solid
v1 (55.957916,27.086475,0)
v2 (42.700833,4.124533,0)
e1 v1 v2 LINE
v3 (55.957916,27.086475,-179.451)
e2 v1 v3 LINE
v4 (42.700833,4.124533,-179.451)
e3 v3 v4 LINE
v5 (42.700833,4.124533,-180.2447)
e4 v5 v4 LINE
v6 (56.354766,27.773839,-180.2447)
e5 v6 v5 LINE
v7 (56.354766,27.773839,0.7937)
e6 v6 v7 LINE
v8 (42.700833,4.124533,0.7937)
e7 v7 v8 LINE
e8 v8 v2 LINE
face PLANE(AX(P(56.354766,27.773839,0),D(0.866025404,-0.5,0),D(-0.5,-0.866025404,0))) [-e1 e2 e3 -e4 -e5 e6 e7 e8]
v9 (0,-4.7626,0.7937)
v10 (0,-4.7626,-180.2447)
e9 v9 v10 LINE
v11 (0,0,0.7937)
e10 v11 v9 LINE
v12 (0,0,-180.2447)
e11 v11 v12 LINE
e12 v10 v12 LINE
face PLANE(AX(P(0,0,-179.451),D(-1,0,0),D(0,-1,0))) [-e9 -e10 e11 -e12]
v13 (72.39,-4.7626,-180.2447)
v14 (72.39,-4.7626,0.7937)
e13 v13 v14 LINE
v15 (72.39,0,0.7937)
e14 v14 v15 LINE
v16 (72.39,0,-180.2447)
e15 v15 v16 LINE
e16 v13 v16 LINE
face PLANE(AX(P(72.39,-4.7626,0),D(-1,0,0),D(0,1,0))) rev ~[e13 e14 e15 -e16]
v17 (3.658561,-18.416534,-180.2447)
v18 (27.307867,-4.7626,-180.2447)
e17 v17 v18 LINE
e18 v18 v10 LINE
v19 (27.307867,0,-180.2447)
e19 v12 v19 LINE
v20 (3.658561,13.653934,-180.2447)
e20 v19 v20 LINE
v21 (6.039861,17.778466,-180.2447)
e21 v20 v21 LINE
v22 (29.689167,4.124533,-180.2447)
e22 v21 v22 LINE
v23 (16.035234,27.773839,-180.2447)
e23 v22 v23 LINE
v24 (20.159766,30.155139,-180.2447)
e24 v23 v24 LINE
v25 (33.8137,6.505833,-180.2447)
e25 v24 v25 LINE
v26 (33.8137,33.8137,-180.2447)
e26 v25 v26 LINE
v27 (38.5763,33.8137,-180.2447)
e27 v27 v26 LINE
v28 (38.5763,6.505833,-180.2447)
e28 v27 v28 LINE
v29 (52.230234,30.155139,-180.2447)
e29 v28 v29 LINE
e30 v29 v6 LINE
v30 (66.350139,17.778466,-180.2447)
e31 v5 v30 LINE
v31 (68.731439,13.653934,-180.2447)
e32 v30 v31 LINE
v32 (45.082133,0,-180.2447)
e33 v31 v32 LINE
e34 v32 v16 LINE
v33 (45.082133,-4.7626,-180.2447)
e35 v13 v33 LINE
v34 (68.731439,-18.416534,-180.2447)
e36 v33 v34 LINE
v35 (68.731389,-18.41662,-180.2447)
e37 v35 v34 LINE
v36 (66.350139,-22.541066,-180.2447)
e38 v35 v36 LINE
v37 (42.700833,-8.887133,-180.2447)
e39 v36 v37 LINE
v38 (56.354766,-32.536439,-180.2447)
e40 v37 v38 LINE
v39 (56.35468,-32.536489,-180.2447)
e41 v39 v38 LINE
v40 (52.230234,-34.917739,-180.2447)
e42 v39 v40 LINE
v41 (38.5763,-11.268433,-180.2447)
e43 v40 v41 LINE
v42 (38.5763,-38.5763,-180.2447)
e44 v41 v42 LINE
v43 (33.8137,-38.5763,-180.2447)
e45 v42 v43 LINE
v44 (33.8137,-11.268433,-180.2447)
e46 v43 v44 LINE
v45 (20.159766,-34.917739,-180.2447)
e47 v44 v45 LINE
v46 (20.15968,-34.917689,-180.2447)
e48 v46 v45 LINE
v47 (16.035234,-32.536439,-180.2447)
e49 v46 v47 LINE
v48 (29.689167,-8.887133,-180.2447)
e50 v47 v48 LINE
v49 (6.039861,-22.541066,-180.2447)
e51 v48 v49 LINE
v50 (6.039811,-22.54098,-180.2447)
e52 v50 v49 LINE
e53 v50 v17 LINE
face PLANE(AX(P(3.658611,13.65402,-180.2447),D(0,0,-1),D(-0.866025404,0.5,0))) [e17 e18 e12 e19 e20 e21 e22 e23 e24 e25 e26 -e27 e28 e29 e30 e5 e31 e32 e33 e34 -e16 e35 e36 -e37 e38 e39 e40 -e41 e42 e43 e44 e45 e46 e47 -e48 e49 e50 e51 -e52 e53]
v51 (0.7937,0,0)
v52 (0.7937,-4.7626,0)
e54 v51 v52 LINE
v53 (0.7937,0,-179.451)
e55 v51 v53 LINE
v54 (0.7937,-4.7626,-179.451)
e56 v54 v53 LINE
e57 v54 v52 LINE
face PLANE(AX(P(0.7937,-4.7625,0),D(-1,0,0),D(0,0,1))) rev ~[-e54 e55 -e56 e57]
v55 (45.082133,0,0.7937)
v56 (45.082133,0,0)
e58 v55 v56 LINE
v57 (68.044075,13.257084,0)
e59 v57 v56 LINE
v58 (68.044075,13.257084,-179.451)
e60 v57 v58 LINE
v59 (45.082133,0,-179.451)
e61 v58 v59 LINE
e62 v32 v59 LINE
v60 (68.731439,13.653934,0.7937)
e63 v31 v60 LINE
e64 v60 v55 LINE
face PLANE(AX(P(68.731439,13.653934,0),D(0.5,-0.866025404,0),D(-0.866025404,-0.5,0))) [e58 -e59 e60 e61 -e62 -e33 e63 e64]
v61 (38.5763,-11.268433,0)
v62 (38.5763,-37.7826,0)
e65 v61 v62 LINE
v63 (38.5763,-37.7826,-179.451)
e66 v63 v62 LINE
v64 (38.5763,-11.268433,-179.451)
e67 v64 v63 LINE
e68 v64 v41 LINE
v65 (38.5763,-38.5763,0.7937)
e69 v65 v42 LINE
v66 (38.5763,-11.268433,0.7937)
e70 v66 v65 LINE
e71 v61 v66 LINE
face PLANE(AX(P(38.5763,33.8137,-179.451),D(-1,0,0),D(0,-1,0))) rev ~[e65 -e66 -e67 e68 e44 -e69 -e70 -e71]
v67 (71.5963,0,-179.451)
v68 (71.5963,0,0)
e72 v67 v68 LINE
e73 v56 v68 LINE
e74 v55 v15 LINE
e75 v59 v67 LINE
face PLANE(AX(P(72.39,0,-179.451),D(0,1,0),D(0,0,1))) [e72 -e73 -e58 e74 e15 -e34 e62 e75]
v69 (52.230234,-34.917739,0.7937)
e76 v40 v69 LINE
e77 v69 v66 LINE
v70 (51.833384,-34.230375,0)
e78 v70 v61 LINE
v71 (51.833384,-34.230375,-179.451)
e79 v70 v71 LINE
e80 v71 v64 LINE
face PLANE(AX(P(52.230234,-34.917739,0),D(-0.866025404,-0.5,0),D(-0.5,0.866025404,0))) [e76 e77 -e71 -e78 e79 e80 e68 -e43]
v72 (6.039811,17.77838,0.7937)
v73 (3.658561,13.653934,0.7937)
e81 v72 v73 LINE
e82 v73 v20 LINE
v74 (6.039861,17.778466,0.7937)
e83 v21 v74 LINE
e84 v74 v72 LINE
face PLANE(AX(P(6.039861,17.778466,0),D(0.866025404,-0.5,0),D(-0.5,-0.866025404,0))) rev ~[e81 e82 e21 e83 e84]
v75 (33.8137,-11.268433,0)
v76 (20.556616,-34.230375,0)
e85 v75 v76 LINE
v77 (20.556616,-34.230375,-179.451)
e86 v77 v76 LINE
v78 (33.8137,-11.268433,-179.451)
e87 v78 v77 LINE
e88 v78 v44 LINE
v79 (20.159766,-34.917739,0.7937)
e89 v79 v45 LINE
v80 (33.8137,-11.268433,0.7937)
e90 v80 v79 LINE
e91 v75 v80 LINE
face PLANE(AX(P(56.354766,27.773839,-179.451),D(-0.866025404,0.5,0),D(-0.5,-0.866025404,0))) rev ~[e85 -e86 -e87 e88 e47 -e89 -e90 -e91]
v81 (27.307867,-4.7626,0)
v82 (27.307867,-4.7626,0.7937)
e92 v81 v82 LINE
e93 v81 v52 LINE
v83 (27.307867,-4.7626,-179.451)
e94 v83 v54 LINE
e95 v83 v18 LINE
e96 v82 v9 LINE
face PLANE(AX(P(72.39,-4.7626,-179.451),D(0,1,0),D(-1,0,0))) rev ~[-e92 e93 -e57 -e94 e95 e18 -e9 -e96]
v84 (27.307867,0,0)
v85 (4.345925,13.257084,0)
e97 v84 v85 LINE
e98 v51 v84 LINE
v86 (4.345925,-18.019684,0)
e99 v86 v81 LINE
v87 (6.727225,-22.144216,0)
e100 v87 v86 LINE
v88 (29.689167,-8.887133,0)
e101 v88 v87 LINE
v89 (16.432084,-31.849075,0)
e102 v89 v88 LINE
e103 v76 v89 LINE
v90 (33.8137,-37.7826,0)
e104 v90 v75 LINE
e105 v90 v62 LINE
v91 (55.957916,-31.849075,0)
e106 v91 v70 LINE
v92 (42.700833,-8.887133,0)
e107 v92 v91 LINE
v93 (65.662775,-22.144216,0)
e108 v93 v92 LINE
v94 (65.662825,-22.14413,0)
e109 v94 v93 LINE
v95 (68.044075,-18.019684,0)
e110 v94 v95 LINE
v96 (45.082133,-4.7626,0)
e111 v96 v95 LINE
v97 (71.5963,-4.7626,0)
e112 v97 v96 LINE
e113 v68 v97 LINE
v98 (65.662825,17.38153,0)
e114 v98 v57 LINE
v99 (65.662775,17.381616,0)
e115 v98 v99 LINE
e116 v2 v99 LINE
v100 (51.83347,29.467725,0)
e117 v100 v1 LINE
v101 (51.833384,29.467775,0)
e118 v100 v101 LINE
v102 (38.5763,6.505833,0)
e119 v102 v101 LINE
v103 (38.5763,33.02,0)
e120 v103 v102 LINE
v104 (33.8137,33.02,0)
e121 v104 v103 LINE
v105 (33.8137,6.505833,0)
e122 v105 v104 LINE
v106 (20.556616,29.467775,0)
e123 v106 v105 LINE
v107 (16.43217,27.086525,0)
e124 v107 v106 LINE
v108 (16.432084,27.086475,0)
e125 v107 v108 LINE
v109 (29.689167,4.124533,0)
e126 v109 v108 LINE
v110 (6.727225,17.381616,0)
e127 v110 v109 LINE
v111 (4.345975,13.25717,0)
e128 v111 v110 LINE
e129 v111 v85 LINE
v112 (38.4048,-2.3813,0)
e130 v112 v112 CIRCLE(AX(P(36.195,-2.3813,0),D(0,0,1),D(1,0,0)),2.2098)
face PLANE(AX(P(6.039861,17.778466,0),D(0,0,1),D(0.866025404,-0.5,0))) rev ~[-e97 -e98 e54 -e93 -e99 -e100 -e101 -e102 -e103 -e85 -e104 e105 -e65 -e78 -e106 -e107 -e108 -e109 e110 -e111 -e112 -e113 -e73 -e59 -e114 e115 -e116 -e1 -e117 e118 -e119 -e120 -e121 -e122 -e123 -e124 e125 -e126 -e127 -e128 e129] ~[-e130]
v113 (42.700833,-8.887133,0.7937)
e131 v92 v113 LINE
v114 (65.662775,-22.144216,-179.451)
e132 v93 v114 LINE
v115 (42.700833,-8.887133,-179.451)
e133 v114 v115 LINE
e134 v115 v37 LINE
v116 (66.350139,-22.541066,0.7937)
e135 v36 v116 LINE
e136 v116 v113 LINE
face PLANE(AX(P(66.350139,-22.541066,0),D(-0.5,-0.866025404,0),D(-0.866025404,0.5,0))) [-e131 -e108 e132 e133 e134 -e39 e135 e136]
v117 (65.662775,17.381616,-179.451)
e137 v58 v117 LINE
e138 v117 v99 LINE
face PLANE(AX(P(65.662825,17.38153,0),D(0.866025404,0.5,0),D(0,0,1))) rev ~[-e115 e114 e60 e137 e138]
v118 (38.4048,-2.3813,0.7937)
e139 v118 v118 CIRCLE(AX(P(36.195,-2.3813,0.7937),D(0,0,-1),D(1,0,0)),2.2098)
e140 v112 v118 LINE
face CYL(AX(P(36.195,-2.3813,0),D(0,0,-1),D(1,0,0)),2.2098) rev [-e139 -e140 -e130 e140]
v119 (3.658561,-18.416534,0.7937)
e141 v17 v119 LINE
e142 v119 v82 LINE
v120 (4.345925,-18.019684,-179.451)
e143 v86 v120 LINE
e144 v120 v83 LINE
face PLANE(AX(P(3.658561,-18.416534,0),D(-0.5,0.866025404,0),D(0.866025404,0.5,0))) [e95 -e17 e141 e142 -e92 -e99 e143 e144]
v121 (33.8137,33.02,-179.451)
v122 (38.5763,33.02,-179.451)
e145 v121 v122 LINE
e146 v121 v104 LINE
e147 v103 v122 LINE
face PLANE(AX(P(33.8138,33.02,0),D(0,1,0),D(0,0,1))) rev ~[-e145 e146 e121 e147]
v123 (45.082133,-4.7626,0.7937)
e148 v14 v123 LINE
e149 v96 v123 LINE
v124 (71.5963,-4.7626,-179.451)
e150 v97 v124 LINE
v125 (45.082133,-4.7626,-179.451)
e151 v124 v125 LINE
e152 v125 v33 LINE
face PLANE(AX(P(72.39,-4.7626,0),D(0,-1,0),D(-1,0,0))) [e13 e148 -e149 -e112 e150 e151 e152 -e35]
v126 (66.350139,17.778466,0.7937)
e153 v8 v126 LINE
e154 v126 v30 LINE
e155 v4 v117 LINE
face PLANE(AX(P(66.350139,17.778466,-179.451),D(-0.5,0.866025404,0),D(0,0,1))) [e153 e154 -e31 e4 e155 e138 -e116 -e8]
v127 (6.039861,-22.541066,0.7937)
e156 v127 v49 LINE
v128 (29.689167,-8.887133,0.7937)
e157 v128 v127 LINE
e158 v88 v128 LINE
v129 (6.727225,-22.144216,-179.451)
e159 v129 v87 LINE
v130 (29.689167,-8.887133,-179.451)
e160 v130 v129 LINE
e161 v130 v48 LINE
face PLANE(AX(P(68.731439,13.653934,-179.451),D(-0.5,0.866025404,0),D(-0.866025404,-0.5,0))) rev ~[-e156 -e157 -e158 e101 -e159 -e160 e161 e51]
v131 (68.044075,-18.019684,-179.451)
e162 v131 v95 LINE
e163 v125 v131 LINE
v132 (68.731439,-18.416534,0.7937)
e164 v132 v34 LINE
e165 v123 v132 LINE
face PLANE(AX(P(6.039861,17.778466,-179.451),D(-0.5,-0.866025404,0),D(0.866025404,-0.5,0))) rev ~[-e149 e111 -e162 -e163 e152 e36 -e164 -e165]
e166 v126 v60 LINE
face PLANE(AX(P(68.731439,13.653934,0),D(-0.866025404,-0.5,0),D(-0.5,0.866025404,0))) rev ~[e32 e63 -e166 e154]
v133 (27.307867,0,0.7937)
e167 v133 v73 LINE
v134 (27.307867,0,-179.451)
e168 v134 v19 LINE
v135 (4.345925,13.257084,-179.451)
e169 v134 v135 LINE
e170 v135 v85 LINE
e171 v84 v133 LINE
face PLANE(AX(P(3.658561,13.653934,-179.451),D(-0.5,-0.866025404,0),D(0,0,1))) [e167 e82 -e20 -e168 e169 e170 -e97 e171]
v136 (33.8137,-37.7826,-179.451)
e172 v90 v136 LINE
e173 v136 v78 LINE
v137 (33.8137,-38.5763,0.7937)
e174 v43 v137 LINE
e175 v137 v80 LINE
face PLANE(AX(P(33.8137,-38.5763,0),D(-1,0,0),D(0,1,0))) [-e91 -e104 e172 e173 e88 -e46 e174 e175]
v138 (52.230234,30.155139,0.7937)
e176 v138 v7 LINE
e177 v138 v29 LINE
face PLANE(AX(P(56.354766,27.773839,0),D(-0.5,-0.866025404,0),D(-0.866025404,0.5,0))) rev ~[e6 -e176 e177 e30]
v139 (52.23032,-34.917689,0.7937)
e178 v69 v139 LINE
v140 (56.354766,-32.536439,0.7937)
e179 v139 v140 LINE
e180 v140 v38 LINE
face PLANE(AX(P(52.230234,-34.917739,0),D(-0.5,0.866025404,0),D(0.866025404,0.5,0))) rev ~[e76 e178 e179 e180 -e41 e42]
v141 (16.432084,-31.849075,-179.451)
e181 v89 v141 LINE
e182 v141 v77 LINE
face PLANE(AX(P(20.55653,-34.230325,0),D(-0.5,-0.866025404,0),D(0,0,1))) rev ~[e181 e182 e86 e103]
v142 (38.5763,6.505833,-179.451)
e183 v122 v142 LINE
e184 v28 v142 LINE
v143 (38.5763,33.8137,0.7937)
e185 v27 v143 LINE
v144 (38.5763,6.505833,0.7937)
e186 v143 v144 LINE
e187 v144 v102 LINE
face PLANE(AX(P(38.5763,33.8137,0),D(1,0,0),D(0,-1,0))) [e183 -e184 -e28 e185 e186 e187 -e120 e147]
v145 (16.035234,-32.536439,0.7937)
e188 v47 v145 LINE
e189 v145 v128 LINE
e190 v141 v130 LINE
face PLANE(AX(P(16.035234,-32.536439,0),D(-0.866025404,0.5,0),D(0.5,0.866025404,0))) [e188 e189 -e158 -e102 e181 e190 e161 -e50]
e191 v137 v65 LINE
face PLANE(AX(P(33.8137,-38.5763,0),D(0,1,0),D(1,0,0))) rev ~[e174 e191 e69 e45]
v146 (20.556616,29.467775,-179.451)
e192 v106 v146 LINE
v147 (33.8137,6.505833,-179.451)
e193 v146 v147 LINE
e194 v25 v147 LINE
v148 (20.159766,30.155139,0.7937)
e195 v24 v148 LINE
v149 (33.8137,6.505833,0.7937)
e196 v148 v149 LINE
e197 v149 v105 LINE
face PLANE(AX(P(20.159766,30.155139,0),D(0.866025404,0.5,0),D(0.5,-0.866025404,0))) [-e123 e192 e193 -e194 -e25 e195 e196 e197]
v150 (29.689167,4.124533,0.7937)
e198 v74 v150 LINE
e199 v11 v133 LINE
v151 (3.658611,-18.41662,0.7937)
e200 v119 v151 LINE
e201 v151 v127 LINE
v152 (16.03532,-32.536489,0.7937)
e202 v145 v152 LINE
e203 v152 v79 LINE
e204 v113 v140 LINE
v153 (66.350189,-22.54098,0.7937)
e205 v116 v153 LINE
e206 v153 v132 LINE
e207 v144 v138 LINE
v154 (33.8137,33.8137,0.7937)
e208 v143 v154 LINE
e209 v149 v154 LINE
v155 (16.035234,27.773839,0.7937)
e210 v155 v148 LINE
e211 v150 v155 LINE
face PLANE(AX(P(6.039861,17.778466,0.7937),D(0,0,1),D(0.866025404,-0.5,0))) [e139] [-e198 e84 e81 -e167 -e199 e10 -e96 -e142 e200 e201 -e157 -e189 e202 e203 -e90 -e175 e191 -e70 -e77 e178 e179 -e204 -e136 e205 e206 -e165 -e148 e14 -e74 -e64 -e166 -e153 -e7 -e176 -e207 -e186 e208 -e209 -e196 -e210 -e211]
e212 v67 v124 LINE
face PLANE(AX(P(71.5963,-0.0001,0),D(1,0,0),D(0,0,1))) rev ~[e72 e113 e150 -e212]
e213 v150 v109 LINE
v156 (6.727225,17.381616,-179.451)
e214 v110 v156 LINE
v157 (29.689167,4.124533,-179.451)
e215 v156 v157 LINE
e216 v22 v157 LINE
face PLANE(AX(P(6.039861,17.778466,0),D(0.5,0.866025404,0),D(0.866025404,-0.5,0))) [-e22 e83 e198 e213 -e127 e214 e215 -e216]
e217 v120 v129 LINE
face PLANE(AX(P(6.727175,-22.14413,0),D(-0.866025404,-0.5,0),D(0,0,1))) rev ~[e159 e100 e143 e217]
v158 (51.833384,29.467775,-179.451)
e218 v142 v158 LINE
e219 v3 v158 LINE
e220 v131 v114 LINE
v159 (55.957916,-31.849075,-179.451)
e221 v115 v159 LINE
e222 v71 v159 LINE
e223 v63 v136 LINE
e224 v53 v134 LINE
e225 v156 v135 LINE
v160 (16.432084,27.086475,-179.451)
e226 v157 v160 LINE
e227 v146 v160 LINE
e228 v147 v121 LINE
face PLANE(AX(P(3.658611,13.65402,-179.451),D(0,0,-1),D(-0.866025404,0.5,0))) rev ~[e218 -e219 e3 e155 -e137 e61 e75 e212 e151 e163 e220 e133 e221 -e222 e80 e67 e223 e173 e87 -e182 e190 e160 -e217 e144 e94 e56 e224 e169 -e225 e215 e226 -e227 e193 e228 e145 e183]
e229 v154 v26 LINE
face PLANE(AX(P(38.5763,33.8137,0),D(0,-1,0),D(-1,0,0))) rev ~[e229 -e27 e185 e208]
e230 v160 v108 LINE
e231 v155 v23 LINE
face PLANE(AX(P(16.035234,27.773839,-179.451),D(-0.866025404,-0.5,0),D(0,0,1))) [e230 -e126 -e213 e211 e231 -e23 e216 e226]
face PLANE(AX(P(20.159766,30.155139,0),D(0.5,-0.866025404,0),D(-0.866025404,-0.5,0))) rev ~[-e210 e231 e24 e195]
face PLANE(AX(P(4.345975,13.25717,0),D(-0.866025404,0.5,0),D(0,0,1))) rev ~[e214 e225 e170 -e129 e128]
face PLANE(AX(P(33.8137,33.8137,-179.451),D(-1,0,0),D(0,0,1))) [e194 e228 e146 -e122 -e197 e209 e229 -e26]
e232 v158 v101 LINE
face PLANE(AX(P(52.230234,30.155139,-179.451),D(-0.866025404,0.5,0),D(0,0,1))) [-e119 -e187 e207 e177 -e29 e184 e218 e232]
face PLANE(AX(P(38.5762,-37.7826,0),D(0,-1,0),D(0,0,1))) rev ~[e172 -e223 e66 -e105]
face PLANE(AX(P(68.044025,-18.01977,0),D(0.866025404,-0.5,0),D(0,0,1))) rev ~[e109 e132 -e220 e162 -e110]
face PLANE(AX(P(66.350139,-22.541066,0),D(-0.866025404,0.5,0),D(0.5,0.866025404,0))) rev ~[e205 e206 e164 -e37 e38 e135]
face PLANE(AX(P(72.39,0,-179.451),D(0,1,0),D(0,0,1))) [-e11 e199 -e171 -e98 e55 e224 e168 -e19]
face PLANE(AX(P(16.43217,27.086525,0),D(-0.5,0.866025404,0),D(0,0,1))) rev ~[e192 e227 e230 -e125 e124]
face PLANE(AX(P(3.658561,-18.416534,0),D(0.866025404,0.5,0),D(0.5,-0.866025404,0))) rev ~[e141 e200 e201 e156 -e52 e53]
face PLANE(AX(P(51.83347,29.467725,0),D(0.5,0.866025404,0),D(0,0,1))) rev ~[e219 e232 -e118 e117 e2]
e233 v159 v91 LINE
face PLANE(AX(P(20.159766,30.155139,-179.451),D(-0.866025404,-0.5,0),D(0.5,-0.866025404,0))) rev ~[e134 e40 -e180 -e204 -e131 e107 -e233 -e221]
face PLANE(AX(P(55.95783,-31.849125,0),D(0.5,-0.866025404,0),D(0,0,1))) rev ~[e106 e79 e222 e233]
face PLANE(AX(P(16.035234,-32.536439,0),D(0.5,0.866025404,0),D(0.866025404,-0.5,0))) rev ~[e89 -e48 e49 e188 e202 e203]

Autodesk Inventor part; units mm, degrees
ref_plane "YZ Plane" through (0, 0, 0) normal (1, 0, 0) x (0, 1, 0)
ref_plane "XZ Plane" through (0, 0, 0) normal (0, 1, 0) x (-1, 0, 0)
ref_plane "XY Plane" through (0, 0, 0) normal (0, 0, 1) x (1, 0, 0)
sketch "Sketch1" plane through (0, 0, 0) normal (0, 0, 1) x (1, 0, 0)
  line L0 (0, 0) -> (72.39, 0)
  line L1 (72.39, 0) -> (72.39, -4.7625)
  line L2 (0, 0) -> (0, -4.7625)
  line L3 (0, -4.7625) -> (72.39, -4.7625)
  circle A0 centre (36.195, -2.3813) radius 2.2098
  dimension "d0" = 72.39
  dimension "d1" = 4.7625
  dimension "d2" = 4.7625
  dimension "d3" = 4.4196
extrude "Extrusion1" add sketch "Sketch1" along normal blind 0.7937
sketch "Sketch2" plane through (0, -4.7625, 0) normal (-1, 0, 0) x (0, 0, 1)
  line L0 (0, 0) -> (0, 4.7625) projected
  line L1 (0, 4.7625) -> (-179.451, 4.7625)
  line L2 (-179.451, 4.7625) -> (-179.451, 0)
  line L3 (-179.451, 0) -> (0, 0)
  dimension "d6" = 179.451
extrude "Extrusion2" add sketch "Sketch2" against normal blind 0.7937
sketch "Sketch3" plane through (0, -4.7625, -179.451) normal (0, 0, -1) x (-1, 0, 0)
  line L0 (0, 4.7625) -> (0, 0) projected
  line L1 (-72.39, 0) -> (-72.39, 4.7625) projected
  line L2 (0, 4.7625) -> (-72.39, 4.7625)
  line L3 (-72.39, 4.7625) -> (-72.39, 0)
  line L4 (-72.39, 0) -> (0, 0)
  line L5 (0, 0) -> (0, 4.7625)
extrude "Extrusion3" add sketch "Sketch3" along normal blind 0.7937
sketch "Sketch4" plane through (72.39, -4.7625, 0) normal (1, 0, 0) x (0, 0, -1)
  line L0 (0, 0) -> (0, 4.7625) projected
  line L1 (179.451, 4.7625) -> (0, 4.7625) projected
  line L2 (0, 4.7625) -> (179.451, 4.7625)
  line L3 (0, 0) -> (179.451, 0) projected
  line L4 (179.451, 4.7625) -> (179.451, 0)
  line L5 (179.451, 0) -> (0, 0)
  line L6 (0, 0) -> (0, 4.7625)
extrude "Extrusion4" add sketch "Sketch4" against normal blind 0.7937
pattern_circular "Circular Pattern1" count 12 over 360 about axis through (36.195, -2.3813, 0) along (0, 0, 1) of "Extrusion3", "Extrusion2", "Extrusion1", "Extrusion4"
properties part number "Rubber Band"
